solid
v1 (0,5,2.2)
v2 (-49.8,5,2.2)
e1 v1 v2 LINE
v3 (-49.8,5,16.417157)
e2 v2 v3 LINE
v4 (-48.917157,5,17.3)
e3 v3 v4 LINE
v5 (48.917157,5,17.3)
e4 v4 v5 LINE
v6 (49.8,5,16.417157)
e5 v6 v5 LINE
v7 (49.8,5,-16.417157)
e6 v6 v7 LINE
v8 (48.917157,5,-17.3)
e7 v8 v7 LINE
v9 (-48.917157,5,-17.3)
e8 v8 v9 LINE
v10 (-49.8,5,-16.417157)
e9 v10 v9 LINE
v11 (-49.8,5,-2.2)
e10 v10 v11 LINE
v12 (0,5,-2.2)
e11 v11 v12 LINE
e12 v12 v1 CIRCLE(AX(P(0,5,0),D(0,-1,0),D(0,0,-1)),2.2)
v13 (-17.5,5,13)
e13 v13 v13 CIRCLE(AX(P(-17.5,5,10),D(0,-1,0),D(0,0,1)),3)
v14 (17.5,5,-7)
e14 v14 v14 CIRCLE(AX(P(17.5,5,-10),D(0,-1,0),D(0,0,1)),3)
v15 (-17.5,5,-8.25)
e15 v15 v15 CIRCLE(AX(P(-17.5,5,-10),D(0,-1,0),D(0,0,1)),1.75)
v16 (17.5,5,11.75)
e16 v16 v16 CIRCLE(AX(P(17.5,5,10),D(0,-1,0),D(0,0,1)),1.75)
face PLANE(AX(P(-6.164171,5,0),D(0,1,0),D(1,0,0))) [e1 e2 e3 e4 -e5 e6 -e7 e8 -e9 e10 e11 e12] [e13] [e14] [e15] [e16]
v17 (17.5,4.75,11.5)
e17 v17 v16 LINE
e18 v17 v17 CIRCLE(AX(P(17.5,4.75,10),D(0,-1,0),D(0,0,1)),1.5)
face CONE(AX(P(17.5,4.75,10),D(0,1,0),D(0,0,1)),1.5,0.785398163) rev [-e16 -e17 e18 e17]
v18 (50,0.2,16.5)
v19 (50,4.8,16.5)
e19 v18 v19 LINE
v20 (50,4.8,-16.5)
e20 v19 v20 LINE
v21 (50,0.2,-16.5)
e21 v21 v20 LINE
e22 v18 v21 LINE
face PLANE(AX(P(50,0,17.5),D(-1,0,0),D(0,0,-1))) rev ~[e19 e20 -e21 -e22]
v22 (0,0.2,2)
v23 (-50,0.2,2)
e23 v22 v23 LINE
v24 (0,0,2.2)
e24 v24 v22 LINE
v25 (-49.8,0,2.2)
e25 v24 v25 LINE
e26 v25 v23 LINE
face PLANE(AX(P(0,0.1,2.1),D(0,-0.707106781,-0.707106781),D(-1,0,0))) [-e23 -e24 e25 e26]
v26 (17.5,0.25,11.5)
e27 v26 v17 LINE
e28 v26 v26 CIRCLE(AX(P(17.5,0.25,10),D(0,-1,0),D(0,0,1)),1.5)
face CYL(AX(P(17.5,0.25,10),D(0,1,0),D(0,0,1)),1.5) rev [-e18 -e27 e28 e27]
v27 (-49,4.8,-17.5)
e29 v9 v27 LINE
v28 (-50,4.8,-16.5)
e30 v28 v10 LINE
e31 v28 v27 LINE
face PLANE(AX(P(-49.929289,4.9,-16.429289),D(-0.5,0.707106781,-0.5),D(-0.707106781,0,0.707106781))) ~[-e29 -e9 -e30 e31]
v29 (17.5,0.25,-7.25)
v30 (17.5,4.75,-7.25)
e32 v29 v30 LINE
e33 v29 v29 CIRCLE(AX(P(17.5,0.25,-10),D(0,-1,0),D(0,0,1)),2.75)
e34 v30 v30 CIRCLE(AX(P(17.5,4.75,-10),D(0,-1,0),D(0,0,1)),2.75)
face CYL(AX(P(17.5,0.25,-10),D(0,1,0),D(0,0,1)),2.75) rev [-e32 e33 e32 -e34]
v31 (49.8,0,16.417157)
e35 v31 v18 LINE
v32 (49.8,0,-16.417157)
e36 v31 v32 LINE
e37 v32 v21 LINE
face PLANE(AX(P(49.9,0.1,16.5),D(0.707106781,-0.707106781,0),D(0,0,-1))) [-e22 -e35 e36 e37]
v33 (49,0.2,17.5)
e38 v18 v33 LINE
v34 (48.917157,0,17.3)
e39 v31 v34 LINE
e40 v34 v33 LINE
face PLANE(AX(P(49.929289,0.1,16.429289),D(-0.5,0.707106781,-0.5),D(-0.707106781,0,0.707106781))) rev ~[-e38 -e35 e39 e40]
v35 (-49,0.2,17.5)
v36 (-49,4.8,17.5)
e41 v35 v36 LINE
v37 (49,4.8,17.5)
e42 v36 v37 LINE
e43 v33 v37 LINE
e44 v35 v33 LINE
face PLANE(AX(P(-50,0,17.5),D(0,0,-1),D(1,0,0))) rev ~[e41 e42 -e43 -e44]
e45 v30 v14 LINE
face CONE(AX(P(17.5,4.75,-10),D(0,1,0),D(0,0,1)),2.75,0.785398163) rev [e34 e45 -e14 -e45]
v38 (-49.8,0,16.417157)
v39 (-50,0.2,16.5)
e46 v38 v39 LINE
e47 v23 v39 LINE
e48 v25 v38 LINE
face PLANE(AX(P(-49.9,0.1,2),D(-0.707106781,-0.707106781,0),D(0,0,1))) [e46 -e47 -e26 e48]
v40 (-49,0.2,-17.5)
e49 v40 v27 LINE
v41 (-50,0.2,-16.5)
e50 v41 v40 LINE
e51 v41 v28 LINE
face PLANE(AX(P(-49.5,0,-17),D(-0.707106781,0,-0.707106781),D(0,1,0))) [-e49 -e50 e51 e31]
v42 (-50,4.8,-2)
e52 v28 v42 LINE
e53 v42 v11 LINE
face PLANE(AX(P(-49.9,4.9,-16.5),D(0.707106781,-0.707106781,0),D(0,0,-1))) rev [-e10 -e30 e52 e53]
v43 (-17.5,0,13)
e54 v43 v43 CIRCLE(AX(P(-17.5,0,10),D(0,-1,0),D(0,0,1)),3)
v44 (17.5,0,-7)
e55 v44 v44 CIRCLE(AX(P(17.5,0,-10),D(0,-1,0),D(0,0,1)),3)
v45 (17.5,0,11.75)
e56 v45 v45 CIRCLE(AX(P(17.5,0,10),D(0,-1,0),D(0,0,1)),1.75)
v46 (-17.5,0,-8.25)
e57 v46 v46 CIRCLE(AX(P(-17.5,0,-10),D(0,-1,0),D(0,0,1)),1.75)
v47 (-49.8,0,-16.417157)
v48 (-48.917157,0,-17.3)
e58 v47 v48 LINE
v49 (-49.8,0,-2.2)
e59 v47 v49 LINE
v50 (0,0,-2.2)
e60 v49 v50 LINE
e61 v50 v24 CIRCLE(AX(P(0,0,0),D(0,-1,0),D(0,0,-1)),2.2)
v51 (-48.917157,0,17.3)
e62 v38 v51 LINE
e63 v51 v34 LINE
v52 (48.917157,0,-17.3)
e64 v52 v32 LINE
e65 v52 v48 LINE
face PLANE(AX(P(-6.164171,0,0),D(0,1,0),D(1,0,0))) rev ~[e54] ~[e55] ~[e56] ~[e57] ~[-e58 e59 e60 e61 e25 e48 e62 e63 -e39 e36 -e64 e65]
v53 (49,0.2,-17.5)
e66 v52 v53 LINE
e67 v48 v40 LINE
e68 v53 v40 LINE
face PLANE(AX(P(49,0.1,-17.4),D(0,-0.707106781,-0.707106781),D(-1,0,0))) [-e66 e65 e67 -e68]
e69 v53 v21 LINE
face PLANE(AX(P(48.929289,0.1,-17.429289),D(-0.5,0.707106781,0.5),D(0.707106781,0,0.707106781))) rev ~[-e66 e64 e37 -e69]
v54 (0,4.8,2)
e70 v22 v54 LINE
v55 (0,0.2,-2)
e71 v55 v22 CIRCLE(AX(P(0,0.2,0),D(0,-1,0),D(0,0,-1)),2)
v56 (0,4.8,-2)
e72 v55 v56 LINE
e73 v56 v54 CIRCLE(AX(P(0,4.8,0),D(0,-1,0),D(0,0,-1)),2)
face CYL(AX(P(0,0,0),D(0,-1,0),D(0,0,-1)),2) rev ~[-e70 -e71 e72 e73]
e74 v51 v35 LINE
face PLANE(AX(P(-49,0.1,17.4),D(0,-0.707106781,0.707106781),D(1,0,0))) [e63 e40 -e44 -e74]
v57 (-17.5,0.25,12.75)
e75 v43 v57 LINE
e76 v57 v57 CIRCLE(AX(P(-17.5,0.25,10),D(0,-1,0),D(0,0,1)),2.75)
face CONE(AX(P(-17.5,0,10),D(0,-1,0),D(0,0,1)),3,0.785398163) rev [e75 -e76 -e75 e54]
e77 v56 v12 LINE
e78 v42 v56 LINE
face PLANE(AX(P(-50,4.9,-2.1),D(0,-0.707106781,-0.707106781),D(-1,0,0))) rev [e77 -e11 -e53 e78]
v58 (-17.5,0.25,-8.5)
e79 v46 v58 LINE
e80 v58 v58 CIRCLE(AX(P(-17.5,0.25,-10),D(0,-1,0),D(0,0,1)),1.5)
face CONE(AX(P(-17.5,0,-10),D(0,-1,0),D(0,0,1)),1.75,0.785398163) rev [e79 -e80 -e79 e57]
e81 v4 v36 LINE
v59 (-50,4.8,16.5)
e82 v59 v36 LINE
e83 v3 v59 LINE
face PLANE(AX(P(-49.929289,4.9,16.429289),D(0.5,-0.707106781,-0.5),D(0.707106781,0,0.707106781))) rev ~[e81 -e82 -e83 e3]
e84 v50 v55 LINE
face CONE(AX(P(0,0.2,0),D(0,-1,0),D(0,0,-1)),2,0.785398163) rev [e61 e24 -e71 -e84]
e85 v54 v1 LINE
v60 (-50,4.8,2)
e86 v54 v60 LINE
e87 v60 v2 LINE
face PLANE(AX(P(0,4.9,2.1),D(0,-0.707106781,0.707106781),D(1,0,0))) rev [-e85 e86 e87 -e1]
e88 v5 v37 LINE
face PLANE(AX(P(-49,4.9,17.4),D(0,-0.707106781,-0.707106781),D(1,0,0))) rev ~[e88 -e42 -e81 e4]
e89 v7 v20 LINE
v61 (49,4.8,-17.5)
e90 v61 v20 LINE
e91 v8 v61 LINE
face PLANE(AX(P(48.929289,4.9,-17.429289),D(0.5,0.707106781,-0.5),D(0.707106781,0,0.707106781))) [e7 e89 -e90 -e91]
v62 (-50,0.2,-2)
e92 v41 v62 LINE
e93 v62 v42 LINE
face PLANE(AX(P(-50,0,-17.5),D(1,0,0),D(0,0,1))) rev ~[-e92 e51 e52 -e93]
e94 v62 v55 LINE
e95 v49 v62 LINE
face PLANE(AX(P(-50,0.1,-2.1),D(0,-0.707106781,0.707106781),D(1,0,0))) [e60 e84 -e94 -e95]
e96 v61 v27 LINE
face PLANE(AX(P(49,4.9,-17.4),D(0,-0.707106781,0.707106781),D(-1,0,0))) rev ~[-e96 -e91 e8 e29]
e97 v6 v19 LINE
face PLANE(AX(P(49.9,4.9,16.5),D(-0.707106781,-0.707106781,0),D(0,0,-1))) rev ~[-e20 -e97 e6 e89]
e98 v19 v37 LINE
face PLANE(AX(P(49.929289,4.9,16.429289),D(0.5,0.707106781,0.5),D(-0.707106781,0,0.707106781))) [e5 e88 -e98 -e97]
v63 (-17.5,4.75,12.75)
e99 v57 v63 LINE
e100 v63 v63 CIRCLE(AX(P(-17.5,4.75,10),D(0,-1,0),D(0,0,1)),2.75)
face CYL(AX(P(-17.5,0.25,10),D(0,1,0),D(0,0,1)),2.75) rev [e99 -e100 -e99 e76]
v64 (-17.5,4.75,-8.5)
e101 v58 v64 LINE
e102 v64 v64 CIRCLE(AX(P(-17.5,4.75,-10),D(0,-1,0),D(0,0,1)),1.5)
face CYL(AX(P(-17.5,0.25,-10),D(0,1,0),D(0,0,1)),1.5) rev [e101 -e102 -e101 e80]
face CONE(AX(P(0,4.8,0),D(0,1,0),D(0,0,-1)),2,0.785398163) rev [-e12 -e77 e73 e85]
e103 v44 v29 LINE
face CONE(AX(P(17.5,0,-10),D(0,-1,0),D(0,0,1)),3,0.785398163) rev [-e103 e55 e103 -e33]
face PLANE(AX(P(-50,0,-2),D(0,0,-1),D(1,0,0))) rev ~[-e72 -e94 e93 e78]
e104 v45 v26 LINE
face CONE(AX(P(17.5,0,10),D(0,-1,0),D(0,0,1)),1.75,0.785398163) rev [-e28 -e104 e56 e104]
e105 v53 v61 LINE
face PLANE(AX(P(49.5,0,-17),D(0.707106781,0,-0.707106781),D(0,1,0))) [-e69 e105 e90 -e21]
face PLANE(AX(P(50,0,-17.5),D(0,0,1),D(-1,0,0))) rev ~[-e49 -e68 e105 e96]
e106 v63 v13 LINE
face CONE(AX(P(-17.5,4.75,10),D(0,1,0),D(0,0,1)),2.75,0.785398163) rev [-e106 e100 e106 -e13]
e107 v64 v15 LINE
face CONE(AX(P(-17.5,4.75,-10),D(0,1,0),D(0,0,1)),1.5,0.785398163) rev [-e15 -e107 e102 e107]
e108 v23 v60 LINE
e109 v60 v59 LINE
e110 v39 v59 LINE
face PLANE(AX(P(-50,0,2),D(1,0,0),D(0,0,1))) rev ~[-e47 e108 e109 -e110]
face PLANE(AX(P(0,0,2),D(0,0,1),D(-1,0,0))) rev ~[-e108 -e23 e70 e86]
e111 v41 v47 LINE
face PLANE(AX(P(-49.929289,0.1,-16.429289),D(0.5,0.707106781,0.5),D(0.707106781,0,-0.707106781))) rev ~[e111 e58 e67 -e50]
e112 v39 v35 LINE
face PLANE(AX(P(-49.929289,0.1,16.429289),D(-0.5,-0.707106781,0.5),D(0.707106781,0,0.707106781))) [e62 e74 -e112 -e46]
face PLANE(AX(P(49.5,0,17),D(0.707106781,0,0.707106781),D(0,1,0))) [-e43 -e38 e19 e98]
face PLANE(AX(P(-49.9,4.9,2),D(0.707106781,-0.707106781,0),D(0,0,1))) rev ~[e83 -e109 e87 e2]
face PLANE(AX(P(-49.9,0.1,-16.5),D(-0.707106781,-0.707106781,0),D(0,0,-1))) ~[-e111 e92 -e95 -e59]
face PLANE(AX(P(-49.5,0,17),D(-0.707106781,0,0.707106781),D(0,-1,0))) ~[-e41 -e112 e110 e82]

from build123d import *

# Parameters (mm, degrees)
BOSS_EXTRUDE1_DEPTH            = 5
F_3_0MM_DOWEL_HOLE1_AT_2_COUNT = 2
F_3_0MM_DOWEL_HOLE1_AT_2_PITCH = 40.311288741
M5_CLEARANCE_HOLE1_AT_2_COUNT  = 2
M5_CLEARANCE_HOLE1_AT_2_PITCH  = 40.311288741
CHAMFER1_SIZE                  = 1
CHAMFER2_SIZE                  = 0.2


with BuildPart() as part:
    # Sketch2 → Boss-Extrude1 (new body)
    with BuildSketch(Plane(origin=(0, 0, 0), x_dir=(1, 0, 0), z_dir=(0, 1, 0))):
        with BuildLine():
            Line((-50, 2), (0, 2))
            ThreePointArc((0, 2), (2, 0), (0, -2))
            Line((0, -2), (-50, -2))
            Line((-50, -2), (-50, -17.5))
            Line((-50, -17.5), (50, -17.5))
            Line((50, -17.5), (50, 17.5))
            Line((50, 17.5), (-50, 17.5))
            Line((-50, 17.5), (-50, 2))
        make_face()
    extrude(amount=BOSS_EXTRUDE1_DEPTH)

    # Sketch4 → Ø3.0mm Dowel Hole1 (revolve, cut)
    with BuildSketch(Plane(origin=(-17.5, 5, -10), x_dir=(0, 0, 1), z_dir=(1, 0, 0))):
        Polygon((0, 0), (0, 5), (1.75, 5), (1.5, 4.75), (1.5, 0.25), (1.75, 0), align=None)
    f_3_0mm_dowel_hole1 = revolve(axis=Axis((-17.5, 11.35, -10), (0, -1, 0)), mode=Mode.SUBTRACT)

    # Ø3.0mm Dowel Hole1 at 2: Ø3.0mm Dowel Hole1 ×2
    with Locations(*[Vector(0.8682431421244593, 0, 0.4961389383568337) * (i * F_3_0MM_DOWEL_HOLE1_AT_2_PITCH) for i in range(1, F_3_0MM_DOWEL_HOLE1_AT_2_COUNT)]):
        add(f_3_0mm_dowel_hole1, mode=Mode.SUBTRACT)

    # Sketch6 → M5 Clearance Hole1 (revolve, cut)
    with BuildSketch(Plane(origin=(-17.5, 5, 10), x_dir=(0, 0, 1), z_dir=(1, 0, 0))):
        Polygon((0, 0), (0, 5), (3, 5), (2.75, 4.75), (2.75, 0.25), (3, 0), align=None)
    m5_clearance_hole1 = revolve(axis=Axis((-17.5, 11.35, 10), (0, -1, 0)), mode=Mode.SUBTRACT)

    # M5 Clearance Hole1 at 2: M5 Clearance Hole1 ×2
    with Locations(*[Vector(0.8682431421244592, 0, -0.4961389383568339) * (i * M5_CLEARANCE_HOLE1_AT_2_PITCH) for i in range(1, M5_CLEARANCE_HOLE1_AT_2_COUNT)]):
        add(m5_clearance_hole1, mode=Mode.SUBTRACT)

    # Chamfer1
    chamfer1_edges = [part.edges().sort_by_distance(p)[0] for p in [
        (50, 2.5, 17.5),
        (-50, 2.5, 17.5),
        (-50, 2.5, -17.5),
        (50, 2.5, -17.5),
    ]]
    chamfer(chamfer1_edges, length=CHAMFER1_SIZE)

    # Chamfer2
    chamfer2_edges = [part.edges().sort_by_distance(p)[0] for p in [
        (-25, 0, -2),
        (-25, 5, -2),
        (2, 5, 0),
        (-25, 5, 2),
        (-50, 5, 9.25),
        (0, 0, -17.5),
        (0, 5, -17.5),
        (50, 0, 0),
        (0, 0, 17.5),
        (-50, 0, -9.25),
        (-49.5, 0, -17),
        (-49.5, 0, 17),
        (49.5, 0, 17),
        (49.5, 0, -17),
        (50, 5, 0),
        (-50, 5, -9.25),
        (0, 5, 17.5),
        (-49.5, 5, -17),
        (-49.5, 5, 17),
        (49.5, 5, 17),
        (49.5, 5, -17),
        (-50, 0, 9.25),
        (-25, 0, 2),
        (2, 0, 0),
    ]]
    chamfer(chamfer2_edges, length=CHAMFER2_SIZE)


solid = part.part
